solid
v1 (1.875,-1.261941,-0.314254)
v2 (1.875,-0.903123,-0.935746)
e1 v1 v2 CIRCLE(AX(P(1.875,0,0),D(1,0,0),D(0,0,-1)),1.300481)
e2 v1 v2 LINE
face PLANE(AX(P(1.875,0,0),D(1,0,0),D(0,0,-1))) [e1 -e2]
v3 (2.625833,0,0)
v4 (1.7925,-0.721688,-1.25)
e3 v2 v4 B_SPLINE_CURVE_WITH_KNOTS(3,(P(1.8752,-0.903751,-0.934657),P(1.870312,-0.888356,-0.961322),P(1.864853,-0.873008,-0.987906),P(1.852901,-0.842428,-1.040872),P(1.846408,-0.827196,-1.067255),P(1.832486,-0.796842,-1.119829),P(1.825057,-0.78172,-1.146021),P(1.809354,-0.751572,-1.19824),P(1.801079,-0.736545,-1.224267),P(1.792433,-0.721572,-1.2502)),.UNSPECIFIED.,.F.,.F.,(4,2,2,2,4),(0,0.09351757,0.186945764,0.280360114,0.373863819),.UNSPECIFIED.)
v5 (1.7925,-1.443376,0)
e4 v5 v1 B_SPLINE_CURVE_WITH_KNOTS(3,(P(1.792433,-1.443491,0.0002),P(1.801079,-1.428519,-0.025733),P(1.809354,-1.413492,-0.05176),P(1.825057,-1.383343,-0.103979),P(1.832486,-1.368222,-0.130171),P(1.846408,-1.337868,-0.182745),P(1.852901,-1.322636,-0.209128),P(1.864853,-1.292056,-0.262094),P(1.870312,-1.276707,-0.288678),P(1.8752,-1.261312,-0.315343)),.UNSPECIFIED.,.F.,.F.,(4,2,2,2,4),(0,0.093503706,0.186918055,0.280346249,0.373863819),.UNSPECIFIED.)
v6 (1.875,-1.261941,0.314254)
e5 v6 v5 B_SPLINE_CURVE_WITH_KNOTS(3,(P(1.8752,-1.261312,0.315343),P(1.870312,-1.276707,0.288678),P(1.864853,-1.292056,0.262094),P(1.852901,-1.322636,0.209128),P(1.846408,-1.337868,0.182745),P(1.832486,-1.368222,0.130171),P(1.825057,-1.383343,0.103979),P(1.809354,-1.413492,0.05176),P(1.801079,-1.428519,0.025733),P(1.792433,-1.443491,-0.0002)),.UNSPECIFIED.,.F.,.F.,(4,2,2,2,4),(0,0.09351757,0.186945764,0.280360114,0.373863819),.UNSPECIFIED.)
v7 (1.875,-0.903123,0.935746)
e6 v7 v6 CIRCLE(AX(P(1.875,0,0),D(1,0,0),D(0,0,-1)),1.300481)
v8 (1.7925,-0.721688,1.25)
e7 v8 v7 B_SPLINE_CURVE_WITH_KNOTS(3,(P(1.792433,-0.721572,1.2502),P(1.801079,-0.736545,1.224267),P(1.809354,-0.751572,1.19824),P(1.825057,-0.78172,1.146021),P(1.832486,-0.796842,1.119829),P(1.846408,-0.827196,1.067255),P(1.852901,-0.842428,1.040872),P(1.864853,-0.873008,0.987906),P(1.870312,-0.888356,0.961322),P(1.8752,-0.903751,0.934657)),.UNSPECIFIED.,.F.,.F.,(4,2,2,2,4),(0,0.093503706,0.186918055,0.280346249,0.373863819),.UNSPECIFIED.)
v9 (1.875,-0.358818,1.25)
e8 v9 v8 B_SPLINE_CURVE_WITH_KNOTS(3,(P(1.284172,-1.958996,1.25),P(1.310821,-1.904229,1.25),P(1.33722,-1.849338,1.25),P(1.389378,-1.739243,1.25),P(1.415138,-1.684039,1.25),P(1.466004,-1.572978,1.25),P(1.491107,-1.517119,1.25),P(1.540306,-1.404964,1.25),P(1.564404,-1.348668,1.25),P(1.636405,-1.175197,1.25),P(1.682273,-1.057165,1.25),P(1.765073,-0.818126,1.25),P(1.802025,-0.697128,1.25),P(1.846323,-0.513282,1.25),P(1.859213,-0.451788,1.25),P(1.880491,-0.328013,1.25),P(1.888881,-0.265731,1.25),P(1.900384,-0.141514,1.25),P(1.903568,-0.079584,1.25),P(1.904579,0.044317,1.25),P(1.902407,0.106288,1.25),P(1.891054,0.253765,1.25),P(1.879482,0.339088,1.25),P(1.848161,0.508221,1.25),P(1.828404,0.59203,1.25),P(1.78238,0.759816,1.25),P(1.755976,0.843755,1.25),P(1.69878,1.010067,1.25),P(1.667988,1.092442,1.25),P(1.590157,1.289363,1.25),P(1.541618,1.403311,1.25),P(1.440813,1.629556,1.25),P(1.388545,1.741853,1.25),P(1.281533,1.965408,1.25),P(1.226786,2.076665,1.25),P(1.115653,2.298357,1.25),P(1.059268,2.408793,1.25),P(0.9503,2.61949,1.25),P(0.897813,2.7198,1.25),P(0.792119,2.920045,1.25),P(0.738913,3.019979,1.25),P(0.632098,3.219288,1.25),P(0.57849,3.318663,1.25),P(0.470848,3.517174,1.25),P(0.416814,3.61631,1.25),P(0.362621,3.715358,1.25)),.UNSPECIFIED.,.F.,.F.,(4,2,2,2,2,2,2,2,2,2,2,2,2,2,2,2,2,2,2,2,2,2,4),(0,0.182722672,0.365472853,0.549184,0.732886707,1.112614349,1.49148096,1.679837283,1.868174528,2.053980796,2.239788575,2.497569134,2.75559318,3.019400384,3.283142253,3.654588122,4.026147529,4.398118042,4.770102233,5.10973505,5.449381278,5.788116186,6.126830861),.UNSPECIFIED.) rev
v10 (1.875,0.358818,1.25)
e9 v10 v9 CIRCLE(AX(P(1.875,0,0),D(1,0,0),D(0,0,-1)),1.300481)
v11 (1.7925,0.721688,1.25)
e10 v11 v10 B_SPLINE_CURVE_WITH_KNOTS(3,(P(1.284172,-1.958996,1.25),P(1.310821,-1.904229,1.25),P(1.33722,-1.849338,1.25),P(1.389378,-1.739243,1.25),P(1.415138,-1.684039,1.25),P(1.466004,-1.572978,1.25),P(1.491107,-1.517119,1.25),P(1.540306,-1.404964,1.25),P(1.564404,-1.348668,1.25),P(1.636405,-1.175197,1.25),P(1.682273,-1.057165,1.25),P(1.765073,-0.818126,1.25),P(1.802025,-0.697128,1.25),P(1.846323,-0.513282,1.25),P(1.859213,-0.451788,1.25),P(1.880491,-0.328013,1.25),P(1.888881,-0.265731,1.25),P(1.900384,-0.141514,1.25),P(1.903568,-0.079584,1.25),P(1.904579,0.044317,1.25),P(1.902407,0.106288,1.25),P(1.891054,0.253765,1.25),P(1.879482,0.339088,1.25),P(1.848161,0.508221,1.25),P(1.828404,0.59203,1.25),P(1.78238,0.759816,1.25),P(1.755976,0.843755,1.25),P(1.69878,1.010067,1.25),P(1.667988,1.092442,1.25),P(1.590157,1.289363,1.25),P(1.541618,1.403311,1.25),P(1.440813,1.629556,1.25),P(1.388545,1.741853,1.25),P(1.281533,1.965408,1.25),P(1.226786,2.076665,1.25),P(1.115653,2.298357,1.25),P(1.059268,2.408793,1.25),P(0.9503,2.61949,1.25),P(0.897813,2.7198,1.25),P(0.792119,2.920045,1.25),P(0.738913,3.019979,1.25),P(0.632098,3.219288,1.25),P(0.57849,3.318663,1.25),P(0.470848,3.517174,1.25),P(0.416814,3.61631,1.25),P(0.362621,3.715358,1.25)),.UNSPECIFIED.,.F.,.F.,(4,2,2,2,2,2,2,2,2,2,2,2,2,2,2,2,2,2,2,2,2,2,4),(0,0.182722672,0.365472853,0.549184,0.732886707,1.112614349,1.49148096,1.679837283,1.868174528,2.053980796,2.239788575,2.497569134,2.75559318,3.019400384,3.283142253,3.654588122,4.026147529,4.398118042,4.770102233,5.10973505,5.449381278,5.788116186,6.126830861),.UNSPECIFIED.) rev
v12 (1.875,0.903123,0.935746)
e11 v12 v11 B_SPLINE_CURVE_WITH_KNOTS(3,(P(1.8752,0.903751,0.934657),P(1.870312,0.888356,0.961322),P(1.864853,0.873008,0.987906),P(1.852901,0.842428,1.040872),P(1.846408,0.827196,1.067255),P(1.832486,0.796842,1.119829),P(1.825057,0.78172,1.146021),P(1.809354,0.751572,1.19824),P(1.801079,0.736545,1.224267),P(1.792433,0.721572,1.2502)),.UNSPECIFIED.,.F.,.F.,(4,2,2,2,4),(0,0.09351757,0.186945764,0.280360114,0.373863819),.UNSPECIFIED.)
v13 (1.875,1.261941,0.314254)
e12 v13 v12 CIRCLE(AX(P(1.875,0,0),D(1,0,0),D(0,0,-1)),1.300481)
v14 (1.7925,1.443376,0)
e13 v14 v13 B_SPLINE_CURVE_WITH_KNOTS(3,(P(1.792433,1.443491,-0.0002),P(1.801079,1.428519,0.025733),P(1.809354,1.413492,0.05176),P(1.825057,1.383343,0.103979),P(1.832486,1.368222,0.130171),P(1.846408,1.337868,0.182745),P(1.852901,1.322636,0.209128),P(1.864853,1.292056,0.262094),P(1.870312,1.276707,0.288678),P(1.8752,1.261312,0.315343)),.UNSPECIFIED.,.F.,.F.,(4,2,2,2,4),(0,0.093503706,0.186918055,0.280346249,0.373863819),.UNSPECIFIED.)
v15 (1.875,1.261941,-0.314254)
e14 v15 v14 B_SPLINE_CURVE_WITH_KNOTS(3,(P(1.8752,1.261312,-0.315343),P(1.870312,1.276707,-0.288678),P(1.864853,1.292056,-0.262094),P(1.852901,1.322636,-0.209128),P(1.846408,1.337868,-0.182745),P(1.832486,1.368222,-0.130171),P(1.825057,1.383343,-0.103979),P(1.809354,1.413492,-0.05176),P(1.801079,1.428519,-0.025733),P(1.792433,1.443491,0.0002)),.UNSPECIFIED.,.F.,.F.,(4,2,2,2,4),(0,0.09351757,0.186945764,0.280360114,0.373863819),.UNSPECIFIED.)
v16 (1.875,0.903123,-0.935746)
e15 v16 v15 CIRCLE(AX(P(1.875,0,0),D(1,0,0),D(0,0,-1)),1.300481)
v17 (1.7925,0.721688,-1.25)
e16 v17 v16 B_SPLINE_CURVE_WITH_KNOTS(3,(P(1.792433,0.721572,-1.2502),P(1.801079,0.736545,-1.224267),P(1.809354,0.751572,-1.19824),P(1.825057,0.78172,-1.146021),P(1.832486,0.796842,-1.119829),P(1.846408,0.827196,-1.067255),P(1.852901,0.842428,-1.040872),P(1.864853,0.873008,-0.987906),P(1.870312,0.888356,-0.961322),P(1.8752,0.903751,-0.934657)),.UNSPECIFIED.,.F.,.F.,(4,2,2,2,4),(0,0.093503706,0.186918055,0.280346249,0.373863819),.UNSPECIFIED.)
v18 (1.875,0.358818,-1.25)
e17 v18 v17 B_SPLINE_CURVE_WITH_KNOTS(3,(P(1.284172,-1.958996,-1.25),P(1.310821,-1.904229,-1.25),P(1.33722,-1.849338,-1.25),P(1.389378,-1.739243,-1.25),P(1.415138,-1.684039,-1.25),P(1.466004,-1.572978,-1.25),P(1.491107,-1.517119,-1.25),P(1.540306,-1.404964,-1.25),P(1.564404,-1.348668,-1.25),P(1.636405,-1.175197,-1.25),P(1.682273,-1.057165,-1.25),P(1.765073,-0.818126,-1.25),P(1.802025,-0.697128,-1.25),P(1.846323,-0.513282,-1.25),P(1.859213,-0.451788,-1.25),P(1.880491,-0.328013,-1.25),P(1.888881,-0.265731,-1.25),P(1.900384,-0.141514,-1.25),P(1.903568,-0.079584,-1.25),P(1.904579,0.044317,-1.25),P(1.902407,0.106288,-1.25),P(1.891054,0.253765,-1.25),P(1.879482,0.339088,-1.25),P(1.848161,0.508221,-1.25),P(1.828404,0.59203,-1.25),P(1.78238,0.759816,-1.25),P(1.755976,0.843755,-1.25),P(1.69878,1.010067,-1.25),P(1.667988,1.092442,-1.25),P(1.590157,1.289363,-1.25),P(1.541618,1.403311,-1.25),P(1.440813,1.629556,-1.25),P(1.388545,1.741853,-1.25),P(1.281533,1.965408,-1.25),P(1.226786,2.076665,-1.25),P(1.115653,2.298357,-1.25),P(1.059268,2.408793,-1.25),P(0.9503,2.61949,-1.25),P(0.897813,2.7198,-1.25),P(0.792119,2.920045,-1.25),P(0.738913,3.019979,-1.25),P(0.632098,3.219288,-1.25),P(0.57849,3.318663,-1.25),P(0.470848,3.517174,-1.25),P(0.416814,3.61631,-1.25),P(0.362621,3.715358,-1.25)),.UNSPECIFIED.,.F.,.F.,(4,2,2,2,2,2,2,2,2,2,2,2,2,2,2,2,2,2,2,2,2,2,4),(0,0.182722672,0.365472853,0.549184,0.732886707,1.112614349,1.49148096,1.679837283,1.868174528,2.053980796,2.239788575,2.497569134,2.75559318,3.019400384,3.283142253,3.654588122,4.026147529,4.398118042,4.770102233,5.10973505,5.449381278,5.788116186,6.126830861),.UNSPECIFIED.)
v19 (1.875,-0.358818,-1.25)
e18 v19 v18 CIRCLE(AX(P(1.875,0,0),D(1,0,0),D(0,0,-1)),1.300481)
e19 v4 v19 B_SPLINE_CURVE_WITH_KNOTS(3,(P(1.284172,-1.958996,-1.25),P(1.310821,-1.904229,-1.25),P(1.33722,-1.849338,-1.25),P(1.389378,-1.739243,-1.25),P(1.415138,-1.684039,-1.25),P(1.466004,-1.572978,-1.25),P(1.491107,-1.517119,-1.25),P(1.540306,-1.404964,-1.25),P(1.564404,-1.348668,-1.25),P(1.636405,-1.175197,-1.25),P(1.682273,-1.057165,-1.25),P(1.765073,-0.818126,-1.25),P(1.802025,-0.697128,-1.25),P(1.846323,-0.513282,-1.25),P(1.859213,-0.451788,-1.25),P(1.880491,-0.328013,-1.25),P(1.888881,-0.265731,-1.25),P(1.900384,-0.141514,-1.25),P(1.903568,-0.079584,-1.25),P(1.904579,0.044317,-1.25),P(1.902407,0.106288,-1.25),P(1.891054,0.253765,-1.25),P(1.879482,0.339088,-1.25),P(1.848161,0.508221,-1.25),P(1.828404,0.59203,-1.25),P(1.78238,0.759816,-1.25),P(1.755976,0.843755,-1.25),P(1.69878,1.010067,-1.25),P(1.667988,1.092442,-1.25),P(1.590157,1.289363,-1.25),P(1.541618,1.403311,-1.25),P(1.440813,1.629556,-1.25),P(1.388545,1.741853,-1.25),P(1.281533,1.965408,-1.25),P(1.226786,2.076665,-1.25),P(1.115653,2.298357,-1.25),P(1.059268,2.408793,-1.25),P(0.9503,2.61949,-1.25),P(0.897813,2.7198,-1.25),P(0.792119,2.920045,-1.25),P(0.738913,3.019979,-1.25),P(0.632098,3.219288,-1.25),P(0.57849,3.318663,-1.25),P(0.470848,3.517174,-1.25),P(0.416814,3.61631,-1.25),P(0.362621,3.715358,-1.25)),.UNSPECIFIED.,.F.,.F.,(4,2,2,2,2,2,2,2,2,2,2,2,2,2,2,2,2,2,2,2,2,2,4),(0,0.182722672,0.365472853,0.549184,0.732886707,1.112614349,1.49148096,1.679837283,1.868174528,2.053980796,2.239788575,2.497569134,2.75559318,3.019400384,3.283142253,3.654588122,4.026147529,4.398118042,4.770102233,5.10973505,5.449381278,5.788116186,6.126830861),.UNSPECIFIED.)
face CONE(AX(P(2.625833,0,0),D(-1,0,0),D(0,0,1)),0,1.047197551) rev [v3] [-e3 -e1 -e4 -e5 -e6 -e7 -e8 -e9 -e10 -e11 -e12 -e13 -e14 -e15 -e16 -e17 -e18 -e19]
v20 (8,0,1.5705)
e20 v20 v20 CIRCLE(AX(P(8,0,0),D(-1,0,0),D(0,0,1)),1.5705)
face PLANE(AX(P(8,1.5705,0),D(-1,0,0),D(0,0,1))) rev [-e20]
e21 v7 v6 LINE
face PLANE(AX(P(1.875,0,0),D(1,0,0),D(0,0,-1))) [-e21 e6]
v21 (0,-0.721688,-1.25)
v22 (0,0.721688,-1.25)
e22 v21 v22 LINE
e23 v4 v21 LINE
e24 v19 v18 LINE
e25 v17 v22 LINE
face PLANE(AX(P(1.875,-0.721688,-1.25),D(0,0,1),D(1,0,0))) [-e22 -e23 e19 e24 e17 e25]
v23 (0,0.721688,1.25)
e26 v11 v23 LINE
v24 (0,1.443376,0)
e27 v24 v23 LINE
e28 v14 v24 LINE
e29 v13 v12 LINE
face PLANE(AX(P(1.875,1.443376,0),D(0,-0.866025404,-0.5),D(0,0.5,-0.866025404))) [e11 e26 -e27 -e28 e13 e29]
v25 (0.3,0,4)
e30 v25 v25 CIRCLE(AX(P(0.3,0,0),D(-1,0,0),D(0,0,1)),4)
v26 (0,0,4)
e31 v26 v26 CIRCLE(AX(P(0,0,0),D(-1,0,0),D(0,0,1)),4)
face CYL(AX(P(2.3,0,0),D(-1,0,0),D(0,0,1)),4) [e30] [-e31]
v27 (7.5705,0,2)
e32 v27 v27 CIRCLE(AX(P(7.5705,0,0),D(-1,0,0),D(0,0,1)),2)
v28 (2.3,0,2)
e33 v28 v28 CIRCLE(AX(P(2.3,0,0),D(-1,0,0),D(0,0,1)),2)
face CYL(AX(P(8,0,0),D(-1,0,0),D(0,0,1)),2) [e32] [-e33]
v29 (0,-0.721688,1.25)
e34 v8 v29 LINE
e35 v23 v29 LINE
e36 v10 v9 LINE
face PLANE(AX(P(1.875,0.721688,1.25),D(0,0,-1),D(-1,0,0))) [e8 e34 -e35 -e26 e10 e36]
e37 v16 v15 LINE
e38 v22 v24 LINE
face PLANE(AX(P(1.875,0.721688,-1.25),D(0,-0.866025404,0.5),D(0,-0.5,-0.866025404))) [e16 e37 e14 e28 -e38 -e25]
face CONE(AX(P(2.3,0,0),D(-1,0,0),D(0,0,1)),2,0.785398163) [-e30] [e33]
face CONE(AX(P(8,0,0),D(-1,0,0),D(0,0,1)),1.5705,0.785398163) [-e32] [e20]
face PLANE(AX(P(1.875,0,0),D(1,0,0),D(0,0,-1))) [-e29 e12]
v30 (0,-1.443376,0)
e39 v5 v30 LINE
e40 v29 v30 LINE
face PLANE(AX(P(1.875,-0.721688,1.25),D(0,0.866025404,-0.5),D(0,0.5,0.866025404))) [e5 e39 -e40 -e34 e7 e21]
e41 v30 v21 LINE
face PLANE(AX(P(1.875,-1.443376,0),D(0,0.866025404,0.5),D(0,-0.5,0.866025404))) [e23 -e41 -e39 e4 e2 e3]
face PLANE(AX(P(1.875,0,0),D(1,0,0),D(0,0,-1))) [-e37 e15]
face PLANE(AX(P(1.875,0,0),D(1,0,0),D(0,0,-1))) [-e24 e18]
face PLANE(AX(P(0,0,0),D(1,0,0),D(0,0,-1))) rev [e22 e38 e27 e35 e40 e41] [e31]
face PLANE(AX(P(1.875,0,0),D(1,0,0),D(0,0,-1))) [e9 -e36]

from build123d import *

# Parameters (mm, degrees)
SZKIC4_R                    = 2.25
DODANIE_WYCI_GNI_CIE1_DEPTH = 1.875


with BuildPart() as part:
    # Szkic1 → Obrót1 (revolve)
    with BuildSketch(Plane.XY):
        Polygon((0, 0), (0, 4), (0.3, 4), (2.3, 2), (2.3, 0), align=None)
    revolve(axis=Axis((2.3, 0, 0), (-1, 0, 0)))

    # Szkic2 → Obrót2 (revolve)
    with BuildSketch(Plane.XY):
        Polygon((2.3, 0), (2.3, 2), (7.5705, 2), (8, 1.5705), (8, 0), align=None)
    revolve(axis=Axis((8, 0, 0), (-1, 0, 0)))

    # Szkic3 → Wycięcie-obrót1 (revolve, cut)
    with BuildSketch(Plane.XY):
        Polygon((0, 0), (0, 1.95), (1.5, 1.95), (2.625833025, 0), align=None)
    revolve(axis=Axis((2.625833025, 0, 0), (-1, 0, 0)), mode=Mode.SUBTRACT)

    # Szkic4 → Dodanie-wyciągnięcie1 (add)
    with BuildSketch(Plane(origin=(0, 0, 0), x_dir=(0, 0, -1), z_dir=(1, 0, 0))):
        Circle(SZKIC4_R)
        Polygon((-1.25, 0.721687836), (-1.25, -0.721687836), (0, -1.443375673), (1.25, -0.721687836), (1.25, 0.721687836), (0, 1.443375673), align=None, mode=Mode.SUBTRACT)
    extrude(amount=DODANIE_WYCI_GNI_CIE1_DEPTH)


solid = part.part
